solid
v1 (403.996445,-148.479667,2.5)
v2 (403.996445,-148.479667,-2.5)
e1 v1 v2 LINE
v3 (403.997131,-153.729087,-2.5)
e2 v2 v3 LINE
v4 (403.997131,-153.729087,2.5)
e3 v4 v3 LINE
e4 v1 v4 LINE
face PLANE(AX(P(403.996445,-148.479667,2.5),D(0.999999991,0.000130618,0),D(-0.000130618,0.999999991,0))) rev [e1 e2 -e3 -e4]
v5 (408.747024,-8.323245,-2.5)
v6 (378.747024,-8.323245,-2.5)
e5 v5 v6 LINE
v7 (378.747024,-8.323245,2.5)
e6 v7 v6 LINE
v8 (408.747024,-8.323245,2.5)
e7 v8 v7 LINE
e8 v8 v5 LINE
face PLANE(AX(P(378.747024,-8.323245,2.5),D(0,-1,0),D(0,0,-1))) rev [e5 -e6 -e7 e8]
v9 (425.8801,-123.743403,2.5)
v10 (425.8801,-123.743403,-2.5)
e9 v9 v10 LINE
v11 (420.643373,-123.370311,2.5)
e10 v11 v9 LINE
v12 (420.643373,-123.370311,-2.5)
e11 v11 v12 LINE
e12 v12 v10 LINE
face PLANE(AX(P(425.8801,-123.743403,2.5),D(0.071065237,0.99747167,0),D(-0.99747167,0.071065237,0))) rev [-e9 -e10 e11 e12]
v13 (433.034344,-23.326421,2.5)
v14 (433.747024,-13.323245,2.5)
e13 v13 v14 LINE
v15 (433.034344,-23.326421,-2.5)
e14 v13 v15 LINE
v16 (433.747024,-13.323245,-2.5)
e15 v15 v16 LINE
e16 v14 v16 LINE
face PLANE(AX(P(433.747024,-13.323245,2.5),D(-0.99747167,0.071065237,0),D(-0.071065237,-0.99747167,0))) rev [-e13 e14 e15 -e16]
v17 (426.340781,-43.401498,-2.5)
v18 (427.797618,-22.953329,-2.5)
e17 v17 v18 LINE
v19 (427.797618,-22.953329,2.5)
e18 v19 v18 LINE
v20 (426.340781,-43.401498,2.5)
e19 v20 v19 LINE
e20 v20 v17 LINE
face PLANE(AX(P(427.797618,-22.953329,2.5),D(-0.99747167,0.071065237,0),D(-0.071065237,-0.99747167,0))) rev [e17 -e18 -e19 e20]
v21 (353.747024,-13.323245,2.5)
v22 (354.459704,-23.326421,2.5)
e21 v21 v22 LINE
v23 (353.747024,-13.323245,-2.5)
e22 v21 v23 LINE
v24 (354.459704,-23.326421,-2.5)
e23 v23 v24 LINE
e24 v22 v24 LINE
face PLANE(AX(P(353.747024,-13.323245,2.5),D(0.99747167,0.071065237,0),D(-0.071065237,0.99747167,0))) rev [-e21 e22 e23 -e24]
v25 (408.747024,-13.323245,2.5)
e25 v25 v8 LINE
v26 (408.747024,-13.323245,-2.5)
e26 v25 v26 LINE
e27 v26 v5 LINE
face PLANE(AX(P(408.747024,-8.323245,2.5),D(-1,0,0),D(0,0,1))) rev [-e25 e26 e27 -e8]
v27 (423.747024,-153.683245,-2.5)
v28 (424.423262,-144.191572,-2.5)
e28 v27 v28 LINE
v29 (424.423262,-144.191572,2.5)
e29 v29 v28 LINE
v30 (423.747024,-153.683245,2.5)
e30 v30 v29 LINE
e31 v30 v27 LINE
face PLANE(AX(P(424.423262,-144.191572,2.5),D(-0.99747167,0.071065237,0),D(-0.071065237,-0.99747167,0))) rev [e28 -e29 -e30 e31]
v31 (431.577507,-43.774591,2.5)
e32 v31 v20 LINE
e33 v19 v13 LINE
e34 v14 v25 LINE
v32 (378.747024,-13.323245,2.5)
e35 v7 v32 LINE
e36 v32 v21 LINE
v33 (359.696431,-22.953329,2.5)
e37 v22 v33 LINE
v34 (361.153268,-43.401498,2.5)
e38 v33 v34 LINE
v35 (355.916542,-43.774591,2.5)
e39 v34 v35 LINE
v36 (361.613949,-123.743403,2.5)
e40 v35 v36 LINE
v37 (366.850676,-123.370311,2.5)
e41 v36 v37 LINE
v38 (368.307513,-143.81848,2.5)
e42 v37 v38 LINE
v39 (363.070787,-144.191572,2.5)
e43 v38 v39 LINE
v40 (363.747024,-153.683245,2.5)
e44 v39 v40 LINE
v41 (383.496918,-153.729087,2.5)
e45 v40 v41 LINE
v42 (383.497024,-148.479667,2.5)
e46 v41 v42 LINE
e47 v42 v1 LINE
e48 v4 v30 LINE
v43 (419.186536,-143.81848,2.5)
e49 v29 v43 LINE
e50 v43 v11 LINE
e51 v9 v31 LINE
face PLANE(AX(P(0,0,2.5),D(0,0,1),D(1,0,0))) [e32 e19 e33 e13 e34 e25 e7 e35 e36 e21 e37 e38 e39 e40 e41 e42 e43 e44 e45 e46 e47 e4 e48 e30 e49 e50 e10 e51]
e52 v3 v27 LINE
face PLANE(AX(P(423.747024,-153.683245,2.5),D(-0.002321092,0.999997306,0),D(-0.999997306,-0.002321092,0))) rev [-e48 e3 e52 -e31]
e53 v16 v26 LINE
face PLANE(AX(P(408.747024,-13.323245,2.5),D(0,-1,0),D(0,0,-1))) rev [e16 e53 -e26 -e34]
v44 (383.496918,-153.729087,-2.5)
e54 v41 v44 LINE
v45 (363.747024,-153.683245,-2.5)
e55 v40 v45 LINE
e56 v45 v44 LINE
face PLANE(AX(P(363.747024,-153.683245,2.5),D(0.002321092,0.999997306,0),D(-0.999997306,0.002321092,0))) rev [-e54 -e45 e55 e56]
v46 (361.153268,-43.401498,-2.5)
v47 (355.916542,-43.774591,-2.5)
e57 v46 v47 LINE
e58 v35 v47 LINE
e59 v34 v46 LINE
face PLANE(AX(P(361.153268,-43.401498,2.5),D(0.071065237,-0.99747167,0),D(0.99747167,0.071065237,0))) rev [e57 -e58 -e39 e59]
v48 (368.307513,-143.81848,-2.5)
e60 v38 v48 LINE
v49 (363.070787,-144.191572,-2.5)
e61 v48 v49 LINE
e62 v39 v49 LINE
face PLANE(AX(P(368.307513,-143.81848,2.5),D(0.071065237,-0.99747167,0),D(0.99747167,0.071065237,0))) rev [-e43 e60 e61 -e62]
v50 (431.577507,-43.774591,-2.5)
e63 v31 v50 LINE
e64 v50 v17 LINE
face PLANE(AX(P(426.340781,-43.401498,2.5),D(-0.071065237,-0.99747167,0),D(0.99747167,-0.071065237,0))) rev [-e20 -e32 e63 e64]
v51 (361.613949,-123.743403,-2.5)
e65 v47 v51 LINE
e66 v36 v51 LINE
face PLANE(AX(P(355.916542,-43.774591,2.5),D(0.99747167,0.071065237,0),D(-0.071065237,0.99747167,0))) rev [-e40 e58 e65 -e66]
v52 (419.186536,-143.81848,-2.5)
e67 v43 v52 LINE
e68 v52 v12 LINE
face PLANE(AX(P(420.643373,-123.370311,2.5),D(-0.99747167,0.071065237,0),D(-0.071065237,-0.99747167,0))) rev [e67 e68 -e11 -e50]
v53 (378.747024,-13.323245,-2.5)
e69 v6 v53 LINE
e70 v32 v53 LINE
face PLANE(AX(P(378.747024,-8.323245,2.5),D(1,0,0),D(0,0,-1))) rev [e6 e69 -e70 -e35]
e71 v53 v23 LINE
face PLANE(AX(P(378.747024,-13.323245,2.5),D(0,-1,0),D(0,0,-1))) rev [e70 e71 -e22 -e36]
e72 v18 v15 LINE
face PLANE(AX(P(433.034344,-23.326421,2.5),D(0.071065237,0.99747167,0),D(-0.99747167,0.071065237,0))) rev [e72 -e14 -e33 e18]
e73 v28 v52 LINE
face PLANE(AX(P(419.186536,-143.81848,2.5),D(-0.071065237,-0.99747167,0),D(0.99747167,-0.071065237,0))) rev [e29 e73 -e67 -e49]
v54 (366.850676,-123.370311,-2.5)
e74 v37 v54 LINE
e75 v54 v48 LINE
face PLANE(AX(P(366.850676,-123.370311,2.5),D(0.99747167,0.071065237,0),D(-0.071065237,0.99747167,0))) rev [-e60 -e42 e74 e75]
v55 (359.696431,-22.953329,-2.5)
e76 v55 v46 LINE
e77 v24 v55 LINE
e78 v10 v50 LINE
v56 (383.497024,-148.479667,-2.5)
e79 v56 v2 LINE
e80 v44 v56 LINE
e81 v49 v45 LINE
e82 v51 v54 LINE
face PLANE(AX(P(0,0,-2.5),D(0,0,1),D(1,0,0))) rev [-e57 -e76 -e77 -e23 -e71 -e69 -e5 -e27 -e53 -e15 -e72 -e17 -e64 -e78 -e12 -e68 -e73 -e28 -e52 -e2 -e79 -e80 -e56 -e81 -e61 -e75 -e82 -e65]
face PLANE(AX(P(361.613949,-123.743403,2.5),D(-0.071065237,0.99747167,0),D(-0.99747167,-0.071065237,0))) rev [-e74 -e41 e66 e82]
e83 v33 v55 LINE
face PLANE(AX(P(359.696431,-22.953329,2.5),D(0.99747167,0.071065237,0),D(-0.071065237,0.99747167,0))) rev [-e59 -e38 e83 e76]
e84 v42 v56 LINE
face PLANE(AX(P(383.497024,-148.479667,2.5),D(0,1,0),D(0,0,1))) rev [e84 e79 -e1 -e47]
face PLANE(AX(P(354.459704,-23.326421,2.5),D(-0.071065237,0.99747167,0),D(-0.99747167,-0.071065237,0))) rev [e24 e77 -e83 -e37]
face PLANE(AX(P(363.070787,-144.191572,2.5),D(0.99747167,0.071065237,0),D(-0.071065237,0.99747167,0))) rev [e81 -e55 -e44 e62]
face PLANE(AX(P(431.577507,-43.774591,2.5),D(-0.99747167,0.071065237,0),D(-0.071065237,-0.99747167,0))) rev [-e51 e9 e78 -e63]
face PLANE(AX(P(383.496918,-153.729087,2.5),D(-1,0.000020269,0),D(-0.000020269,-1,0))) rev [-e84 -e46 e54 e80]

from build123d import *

# Parameters (mm, degrees)
BOSS_EXTRUDE1_DEPTH = 2.5


with BuildPart() as part:
    # Sketch3 → Boss-Extrude1 (new, symmetric)
    with BuildSketch(Plane.XY):
        Polygon((383.496918056, -153.729086599), (383.497024458, -148.47966712), (403.996445189, -148.47966712), (403.99713086, -153.729086599), (423.747024458, -153.683245157), (424.423262183, -144.191572442), (419.186535917, -143.818479947), (420.64337328, -123.370310716), (425.880099547, -123.743403211), (431.577507119, -43.77459053), (426.340780852, -43.401498034), (427.797618216, -22.953328803), (433.034344482, -23.326421299), (433.747024458, -13.323245157), (408.747024458, -13.323245157), (408.747024458, -8.323245157), (378.747024458, -8.323245157), (378.747024458, -13.323245157), (353.747024458, -13.323245157), (354.459704434, -23.326421299), (359.6964307, -22.953328803), (361.153268064, -43.401498034), (355.916541797, -43.77459053), (361.613949369, -123.743403211), (366.850675636, -123.370310716), (368.307512999, -143.818479947), (363.070786733, -144.191572442), (363.747024458, -153.683245157), align=None)
    extrude(amount=BOSS_EXTRUDE1_DEPTH, both=True)


solid = part.part
